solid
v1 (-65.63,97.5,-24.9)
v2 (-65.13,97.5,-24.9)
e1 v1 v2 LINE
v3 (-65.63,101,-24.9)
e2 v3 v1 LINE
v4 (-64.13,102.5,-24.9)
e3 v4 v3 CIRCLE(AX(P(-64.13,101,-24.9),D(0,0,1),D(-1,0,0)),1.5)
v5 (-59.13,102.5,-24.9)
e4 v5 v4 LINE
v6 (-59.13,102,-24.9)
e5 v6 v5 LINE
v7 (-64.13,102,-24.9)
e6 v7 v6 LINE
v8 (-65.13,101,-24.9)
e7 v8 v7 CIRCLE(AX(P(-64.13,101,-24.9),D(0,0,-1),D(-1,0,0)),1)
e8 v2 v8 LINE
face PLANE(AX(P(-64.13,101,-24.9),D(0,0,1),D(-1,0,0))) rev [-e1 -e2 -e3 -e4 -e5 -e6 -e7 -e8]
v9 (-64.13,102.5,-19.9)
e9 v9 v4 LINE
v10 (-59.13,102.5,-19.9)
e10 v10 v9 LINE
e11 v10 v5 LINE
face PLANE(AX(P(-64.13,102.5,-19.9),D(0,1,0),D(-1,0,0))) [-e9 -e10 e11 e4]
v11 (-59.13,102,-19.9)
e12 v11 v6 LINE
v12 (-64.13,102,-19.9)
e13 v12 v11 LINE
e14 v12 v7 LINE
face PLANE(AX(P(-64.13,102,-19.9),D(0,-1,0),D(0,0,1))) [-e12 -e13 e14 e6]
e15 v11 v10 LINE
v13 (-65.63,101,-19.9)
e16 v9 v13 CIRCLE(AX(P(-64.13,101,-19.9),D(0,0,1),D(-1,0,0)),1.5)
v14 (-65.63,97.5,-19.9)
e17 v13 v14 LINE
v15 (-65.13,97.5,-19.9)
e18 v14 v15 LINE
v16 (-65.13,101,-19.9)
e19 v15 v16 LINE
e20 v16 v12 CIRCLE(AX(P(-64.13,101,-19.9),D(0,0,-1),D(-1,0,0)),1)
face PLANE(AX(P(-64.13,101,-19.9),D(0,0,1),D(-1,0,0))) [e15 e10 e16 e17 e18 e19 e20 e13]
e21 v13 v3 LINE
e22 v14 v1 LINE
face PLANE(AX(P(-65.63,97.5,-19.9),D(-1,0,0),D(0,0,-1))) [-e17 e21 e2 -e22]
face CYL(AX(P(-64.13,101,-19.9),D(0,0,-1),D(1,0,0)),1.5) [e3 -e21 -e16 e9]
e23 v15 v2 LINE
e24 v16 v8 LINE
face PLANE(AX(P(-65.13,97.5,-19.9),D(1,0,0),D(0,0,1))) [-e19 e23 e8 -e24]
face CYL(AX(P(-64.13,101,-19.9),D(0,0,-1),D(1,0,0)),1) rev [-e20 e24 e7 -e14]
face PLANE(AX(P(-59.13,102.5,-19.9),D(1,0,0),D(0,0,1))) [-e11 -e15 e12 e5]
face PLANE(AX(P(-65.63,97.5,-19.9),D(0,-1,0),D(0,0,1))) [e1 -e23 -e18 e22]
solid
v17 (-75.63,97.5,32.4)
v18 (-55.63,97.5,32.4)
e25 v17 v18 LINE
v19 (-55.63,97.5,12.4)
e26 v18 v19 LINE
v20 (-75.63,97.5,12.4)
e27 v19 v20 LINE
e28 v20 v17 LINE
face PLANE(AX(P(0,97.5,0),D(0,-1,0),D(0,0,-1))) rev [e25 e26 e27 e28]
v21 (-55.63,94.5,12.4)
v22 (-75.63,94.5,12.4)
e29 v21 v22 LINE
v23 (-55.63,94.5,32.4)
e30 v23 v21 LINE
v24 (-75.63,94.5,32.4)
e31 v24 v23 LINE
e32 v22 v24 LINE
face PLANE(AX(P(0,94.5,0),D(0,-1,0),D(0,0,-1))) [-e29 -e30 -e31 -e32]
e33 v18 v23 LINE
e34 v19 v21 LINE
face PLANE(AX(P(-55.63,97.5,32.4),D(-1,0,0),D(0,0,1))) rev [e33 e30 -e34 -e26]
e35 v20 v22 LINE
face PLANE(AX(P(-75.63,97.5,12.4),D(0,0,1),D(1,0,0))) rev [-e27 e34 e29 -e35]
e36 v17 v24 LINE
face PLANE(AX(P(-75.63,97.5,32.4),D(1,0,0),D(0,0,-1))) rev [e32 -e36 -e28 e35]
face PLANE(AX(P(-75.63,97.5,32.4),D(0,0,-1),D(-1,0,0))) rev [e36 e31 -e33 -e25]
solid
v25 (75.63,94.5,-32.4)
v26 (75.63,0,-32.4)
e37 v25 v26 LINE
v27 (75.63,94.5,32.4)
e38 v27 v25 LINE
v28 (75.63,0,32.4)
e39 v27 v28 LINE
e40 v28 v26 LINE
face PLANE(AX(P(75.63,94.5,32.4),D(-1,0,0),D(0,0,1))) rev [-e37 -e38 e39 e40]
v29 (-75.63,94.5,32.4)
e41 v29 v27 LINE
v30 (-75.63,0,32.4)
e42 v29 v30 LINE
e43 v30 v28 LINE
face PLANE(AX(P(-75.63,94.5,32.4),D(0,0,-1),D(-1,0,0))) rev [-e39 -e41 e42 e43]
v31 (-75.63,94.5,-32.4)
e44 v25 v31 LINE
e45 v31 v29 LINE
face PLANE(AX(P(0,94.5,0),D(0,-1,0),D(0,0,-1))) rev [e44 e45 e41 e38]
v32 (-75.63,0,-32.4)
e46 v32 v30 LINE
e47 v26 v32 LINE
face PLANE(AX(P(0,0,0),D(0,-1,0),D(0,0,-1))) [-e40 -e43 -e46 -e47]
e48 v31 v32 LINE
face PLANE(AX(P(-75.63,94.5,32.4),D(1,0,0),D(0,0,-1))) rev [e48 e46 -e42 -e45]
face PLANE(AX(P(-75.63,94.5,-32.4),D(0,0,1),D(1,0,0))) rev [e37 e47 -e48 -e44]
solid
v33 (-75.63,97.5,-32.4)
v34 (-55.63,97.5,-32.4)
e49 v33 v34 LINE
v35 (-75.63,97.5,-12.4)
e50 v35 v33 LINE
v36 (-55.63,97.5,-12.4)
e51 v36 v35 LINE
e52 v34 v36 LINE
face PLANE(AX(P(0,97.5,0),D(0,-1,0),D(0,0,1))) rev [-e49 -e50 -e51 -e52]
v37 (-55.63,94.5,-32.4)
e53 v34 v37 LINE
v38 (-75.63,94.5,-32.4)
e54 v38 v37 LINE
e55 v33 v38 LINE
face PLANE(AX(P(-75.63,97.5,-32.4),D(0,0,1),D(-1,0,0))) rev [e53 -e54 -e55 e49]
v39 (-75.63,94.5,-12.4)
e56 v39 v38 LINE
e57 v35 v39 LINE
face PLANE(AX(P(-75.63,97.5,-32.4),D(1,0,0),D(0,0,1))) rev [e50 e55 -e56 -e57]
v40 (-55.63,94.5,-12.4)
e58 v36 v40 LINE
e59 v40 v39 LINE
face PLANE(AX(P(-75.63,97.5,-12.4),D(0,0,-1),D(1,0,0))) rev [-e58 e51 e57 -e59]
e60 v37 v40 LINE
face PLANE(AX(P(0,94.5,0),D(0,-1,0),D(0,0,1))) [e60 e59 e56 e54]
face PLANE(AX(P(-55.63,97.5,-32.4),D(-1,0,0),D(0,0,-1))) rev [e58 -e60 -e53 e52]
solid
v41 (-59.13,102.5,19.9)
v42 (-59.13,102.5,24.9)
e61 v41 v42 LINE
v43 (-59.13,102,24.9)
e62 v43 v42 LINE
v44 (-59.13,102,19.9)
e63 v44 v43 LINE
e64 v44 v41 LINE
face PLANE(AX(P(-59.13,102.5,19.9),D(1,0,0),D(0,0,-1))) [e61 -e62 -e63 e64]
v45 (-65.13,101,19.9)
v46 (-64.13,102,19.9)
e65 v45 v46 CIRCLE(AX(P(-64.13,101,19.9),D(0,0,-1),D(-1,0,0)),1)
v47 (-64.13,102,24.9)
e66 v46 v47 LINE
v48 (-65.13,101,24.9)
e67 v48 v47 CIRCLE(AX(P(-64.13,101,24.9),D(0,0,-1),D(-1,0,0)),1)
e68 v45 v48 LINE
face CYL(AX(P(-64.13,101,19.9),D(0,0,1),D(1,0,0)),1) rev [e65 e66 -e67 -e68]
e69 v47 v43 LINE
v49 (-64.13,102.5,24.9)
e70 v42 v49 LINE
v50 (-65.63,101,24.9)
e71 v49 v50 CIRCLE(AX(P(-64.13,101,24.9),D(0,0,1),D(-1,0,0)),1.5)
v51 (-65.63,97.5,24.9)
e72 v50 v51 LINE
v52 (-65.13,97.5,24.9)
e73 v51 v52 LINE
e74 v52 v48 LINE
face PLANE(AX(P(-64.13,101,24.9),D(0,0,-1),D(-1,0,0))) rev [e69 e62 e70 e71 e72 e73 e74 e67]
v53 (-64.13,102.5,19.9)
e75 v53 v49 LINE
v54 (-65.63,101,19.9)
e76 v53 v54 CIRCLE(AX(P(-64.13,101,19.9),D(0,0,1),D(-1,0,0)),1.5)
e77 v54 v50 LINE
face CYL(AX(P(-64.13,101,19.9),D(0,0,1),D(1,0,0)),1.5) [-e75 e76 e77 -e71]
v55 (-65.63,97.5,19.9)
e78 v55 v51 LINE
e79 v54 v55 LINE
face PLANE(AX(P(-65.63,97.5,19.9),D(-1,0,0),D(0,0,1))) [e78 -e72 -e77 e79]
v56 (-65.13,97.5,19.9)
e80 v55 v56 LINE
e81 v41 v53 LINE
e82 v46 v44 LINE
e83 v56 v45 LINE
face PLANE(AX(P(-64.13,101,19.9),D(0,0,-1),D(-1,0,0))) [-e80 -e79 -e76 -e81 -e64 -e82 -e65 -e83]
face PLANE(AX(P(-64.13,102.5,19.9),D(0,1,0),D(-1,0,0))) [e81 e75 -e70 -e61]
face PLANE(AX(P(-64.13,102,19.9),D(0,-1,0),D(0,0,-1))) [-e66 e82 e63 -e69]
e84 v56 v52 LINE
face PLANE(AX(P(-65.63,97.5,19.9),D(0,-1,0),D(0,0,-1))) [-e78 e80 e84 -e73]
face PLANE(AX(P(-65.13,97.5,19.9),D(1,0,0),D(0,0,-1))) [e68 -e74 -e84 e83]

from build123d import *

# Parameters (mm, degrees)
SKETCH1_W                = 151.26
SKETCH1_H                = 64.8
BOSS_EXTRUDE1_DEPTH      = 94.5
SKETCH2_W                = 20
SKETCH2_H                = 20
BOSS_EXTRUDE2_DEPTH      = 3
BOSS_EXTRUDE3_DEPTH      = 2.5
BOSS_EXTRUDE3_DEPTH_BACK = 2.5


with BuildPart() as part:
    # Sketch1 → Boss-Extrude1 (new body)
    with BuildSketch(Plane(origin=(0, 0, 0), x_dir=(1, 0, 0), z_dir=(0, 1, 0))):
        Rectangle(SKETCH1_W, SKETCH1_H)
    extrude(amount=BOSS_EXTRUDE1_DEPTH)


with BuildPart() as body_2:
    # Sketch2 → Boss-Extrude2 (new body)
    with BuildSketch(Plane(origin=(0, 94.5, 0), x_dir=(1, 0, 0), z_dir=(0, 1, 0))):
        with Locations((-65.63, -22.4)):
            Rectangle(SKETCH2_W, SKETCH2_H)
    extrude(amount=BOSS_EXTRUDE2_DEPTH)


with BuildPart() as body_3:
    # Sketch3 → Boss-Extrude3 (new, two sides: drawn at the far end of the back side and taken through both)
    with BuildSketch(Plane.XY.offset(22.4).offset(-BOSS_EXTRUDE3_DEPTH_BACK)):
        with BuildLine():
            Line((-65.63, 97.5), (-65.63, 101))
            ThreePointArc((-65.63, 101), (-65.190660172, 102.060660172), (-64.13, 102.5))
            Line((-64.13, 102.5), (-59.13, 102.5))
            Line((-59.13, 102.5), (-59.13, 102))
            Line((-59.13, 102), (-64.13, 102))
            ThreePointArc((-64.13, 102), (-64.837106781, 101.707106781), (-65.13, 101))
            Line((-65.13, 101), (-65.13, 97.5))
            Line((-65.13, 97.5), (-65.63, 97.5))
        make_face()
    extrude(amount=BOSS_EXTRUDE3_DEPTH + BOSS_EXTRUDE3_DEPTH_BACK)


with BuildPart() as body_4:
    # Mirror1: mirrored copy
    add(body_3.part.mirror(Plane.XY))


with BuildPart() as body_5:
    # Mirror1 2: mirrored copy
    add(body_2.part.mirror(Plane.XY))


solid = Compound([part.part, body_2.part, body_3.part, body_4.part, body_5.part])
